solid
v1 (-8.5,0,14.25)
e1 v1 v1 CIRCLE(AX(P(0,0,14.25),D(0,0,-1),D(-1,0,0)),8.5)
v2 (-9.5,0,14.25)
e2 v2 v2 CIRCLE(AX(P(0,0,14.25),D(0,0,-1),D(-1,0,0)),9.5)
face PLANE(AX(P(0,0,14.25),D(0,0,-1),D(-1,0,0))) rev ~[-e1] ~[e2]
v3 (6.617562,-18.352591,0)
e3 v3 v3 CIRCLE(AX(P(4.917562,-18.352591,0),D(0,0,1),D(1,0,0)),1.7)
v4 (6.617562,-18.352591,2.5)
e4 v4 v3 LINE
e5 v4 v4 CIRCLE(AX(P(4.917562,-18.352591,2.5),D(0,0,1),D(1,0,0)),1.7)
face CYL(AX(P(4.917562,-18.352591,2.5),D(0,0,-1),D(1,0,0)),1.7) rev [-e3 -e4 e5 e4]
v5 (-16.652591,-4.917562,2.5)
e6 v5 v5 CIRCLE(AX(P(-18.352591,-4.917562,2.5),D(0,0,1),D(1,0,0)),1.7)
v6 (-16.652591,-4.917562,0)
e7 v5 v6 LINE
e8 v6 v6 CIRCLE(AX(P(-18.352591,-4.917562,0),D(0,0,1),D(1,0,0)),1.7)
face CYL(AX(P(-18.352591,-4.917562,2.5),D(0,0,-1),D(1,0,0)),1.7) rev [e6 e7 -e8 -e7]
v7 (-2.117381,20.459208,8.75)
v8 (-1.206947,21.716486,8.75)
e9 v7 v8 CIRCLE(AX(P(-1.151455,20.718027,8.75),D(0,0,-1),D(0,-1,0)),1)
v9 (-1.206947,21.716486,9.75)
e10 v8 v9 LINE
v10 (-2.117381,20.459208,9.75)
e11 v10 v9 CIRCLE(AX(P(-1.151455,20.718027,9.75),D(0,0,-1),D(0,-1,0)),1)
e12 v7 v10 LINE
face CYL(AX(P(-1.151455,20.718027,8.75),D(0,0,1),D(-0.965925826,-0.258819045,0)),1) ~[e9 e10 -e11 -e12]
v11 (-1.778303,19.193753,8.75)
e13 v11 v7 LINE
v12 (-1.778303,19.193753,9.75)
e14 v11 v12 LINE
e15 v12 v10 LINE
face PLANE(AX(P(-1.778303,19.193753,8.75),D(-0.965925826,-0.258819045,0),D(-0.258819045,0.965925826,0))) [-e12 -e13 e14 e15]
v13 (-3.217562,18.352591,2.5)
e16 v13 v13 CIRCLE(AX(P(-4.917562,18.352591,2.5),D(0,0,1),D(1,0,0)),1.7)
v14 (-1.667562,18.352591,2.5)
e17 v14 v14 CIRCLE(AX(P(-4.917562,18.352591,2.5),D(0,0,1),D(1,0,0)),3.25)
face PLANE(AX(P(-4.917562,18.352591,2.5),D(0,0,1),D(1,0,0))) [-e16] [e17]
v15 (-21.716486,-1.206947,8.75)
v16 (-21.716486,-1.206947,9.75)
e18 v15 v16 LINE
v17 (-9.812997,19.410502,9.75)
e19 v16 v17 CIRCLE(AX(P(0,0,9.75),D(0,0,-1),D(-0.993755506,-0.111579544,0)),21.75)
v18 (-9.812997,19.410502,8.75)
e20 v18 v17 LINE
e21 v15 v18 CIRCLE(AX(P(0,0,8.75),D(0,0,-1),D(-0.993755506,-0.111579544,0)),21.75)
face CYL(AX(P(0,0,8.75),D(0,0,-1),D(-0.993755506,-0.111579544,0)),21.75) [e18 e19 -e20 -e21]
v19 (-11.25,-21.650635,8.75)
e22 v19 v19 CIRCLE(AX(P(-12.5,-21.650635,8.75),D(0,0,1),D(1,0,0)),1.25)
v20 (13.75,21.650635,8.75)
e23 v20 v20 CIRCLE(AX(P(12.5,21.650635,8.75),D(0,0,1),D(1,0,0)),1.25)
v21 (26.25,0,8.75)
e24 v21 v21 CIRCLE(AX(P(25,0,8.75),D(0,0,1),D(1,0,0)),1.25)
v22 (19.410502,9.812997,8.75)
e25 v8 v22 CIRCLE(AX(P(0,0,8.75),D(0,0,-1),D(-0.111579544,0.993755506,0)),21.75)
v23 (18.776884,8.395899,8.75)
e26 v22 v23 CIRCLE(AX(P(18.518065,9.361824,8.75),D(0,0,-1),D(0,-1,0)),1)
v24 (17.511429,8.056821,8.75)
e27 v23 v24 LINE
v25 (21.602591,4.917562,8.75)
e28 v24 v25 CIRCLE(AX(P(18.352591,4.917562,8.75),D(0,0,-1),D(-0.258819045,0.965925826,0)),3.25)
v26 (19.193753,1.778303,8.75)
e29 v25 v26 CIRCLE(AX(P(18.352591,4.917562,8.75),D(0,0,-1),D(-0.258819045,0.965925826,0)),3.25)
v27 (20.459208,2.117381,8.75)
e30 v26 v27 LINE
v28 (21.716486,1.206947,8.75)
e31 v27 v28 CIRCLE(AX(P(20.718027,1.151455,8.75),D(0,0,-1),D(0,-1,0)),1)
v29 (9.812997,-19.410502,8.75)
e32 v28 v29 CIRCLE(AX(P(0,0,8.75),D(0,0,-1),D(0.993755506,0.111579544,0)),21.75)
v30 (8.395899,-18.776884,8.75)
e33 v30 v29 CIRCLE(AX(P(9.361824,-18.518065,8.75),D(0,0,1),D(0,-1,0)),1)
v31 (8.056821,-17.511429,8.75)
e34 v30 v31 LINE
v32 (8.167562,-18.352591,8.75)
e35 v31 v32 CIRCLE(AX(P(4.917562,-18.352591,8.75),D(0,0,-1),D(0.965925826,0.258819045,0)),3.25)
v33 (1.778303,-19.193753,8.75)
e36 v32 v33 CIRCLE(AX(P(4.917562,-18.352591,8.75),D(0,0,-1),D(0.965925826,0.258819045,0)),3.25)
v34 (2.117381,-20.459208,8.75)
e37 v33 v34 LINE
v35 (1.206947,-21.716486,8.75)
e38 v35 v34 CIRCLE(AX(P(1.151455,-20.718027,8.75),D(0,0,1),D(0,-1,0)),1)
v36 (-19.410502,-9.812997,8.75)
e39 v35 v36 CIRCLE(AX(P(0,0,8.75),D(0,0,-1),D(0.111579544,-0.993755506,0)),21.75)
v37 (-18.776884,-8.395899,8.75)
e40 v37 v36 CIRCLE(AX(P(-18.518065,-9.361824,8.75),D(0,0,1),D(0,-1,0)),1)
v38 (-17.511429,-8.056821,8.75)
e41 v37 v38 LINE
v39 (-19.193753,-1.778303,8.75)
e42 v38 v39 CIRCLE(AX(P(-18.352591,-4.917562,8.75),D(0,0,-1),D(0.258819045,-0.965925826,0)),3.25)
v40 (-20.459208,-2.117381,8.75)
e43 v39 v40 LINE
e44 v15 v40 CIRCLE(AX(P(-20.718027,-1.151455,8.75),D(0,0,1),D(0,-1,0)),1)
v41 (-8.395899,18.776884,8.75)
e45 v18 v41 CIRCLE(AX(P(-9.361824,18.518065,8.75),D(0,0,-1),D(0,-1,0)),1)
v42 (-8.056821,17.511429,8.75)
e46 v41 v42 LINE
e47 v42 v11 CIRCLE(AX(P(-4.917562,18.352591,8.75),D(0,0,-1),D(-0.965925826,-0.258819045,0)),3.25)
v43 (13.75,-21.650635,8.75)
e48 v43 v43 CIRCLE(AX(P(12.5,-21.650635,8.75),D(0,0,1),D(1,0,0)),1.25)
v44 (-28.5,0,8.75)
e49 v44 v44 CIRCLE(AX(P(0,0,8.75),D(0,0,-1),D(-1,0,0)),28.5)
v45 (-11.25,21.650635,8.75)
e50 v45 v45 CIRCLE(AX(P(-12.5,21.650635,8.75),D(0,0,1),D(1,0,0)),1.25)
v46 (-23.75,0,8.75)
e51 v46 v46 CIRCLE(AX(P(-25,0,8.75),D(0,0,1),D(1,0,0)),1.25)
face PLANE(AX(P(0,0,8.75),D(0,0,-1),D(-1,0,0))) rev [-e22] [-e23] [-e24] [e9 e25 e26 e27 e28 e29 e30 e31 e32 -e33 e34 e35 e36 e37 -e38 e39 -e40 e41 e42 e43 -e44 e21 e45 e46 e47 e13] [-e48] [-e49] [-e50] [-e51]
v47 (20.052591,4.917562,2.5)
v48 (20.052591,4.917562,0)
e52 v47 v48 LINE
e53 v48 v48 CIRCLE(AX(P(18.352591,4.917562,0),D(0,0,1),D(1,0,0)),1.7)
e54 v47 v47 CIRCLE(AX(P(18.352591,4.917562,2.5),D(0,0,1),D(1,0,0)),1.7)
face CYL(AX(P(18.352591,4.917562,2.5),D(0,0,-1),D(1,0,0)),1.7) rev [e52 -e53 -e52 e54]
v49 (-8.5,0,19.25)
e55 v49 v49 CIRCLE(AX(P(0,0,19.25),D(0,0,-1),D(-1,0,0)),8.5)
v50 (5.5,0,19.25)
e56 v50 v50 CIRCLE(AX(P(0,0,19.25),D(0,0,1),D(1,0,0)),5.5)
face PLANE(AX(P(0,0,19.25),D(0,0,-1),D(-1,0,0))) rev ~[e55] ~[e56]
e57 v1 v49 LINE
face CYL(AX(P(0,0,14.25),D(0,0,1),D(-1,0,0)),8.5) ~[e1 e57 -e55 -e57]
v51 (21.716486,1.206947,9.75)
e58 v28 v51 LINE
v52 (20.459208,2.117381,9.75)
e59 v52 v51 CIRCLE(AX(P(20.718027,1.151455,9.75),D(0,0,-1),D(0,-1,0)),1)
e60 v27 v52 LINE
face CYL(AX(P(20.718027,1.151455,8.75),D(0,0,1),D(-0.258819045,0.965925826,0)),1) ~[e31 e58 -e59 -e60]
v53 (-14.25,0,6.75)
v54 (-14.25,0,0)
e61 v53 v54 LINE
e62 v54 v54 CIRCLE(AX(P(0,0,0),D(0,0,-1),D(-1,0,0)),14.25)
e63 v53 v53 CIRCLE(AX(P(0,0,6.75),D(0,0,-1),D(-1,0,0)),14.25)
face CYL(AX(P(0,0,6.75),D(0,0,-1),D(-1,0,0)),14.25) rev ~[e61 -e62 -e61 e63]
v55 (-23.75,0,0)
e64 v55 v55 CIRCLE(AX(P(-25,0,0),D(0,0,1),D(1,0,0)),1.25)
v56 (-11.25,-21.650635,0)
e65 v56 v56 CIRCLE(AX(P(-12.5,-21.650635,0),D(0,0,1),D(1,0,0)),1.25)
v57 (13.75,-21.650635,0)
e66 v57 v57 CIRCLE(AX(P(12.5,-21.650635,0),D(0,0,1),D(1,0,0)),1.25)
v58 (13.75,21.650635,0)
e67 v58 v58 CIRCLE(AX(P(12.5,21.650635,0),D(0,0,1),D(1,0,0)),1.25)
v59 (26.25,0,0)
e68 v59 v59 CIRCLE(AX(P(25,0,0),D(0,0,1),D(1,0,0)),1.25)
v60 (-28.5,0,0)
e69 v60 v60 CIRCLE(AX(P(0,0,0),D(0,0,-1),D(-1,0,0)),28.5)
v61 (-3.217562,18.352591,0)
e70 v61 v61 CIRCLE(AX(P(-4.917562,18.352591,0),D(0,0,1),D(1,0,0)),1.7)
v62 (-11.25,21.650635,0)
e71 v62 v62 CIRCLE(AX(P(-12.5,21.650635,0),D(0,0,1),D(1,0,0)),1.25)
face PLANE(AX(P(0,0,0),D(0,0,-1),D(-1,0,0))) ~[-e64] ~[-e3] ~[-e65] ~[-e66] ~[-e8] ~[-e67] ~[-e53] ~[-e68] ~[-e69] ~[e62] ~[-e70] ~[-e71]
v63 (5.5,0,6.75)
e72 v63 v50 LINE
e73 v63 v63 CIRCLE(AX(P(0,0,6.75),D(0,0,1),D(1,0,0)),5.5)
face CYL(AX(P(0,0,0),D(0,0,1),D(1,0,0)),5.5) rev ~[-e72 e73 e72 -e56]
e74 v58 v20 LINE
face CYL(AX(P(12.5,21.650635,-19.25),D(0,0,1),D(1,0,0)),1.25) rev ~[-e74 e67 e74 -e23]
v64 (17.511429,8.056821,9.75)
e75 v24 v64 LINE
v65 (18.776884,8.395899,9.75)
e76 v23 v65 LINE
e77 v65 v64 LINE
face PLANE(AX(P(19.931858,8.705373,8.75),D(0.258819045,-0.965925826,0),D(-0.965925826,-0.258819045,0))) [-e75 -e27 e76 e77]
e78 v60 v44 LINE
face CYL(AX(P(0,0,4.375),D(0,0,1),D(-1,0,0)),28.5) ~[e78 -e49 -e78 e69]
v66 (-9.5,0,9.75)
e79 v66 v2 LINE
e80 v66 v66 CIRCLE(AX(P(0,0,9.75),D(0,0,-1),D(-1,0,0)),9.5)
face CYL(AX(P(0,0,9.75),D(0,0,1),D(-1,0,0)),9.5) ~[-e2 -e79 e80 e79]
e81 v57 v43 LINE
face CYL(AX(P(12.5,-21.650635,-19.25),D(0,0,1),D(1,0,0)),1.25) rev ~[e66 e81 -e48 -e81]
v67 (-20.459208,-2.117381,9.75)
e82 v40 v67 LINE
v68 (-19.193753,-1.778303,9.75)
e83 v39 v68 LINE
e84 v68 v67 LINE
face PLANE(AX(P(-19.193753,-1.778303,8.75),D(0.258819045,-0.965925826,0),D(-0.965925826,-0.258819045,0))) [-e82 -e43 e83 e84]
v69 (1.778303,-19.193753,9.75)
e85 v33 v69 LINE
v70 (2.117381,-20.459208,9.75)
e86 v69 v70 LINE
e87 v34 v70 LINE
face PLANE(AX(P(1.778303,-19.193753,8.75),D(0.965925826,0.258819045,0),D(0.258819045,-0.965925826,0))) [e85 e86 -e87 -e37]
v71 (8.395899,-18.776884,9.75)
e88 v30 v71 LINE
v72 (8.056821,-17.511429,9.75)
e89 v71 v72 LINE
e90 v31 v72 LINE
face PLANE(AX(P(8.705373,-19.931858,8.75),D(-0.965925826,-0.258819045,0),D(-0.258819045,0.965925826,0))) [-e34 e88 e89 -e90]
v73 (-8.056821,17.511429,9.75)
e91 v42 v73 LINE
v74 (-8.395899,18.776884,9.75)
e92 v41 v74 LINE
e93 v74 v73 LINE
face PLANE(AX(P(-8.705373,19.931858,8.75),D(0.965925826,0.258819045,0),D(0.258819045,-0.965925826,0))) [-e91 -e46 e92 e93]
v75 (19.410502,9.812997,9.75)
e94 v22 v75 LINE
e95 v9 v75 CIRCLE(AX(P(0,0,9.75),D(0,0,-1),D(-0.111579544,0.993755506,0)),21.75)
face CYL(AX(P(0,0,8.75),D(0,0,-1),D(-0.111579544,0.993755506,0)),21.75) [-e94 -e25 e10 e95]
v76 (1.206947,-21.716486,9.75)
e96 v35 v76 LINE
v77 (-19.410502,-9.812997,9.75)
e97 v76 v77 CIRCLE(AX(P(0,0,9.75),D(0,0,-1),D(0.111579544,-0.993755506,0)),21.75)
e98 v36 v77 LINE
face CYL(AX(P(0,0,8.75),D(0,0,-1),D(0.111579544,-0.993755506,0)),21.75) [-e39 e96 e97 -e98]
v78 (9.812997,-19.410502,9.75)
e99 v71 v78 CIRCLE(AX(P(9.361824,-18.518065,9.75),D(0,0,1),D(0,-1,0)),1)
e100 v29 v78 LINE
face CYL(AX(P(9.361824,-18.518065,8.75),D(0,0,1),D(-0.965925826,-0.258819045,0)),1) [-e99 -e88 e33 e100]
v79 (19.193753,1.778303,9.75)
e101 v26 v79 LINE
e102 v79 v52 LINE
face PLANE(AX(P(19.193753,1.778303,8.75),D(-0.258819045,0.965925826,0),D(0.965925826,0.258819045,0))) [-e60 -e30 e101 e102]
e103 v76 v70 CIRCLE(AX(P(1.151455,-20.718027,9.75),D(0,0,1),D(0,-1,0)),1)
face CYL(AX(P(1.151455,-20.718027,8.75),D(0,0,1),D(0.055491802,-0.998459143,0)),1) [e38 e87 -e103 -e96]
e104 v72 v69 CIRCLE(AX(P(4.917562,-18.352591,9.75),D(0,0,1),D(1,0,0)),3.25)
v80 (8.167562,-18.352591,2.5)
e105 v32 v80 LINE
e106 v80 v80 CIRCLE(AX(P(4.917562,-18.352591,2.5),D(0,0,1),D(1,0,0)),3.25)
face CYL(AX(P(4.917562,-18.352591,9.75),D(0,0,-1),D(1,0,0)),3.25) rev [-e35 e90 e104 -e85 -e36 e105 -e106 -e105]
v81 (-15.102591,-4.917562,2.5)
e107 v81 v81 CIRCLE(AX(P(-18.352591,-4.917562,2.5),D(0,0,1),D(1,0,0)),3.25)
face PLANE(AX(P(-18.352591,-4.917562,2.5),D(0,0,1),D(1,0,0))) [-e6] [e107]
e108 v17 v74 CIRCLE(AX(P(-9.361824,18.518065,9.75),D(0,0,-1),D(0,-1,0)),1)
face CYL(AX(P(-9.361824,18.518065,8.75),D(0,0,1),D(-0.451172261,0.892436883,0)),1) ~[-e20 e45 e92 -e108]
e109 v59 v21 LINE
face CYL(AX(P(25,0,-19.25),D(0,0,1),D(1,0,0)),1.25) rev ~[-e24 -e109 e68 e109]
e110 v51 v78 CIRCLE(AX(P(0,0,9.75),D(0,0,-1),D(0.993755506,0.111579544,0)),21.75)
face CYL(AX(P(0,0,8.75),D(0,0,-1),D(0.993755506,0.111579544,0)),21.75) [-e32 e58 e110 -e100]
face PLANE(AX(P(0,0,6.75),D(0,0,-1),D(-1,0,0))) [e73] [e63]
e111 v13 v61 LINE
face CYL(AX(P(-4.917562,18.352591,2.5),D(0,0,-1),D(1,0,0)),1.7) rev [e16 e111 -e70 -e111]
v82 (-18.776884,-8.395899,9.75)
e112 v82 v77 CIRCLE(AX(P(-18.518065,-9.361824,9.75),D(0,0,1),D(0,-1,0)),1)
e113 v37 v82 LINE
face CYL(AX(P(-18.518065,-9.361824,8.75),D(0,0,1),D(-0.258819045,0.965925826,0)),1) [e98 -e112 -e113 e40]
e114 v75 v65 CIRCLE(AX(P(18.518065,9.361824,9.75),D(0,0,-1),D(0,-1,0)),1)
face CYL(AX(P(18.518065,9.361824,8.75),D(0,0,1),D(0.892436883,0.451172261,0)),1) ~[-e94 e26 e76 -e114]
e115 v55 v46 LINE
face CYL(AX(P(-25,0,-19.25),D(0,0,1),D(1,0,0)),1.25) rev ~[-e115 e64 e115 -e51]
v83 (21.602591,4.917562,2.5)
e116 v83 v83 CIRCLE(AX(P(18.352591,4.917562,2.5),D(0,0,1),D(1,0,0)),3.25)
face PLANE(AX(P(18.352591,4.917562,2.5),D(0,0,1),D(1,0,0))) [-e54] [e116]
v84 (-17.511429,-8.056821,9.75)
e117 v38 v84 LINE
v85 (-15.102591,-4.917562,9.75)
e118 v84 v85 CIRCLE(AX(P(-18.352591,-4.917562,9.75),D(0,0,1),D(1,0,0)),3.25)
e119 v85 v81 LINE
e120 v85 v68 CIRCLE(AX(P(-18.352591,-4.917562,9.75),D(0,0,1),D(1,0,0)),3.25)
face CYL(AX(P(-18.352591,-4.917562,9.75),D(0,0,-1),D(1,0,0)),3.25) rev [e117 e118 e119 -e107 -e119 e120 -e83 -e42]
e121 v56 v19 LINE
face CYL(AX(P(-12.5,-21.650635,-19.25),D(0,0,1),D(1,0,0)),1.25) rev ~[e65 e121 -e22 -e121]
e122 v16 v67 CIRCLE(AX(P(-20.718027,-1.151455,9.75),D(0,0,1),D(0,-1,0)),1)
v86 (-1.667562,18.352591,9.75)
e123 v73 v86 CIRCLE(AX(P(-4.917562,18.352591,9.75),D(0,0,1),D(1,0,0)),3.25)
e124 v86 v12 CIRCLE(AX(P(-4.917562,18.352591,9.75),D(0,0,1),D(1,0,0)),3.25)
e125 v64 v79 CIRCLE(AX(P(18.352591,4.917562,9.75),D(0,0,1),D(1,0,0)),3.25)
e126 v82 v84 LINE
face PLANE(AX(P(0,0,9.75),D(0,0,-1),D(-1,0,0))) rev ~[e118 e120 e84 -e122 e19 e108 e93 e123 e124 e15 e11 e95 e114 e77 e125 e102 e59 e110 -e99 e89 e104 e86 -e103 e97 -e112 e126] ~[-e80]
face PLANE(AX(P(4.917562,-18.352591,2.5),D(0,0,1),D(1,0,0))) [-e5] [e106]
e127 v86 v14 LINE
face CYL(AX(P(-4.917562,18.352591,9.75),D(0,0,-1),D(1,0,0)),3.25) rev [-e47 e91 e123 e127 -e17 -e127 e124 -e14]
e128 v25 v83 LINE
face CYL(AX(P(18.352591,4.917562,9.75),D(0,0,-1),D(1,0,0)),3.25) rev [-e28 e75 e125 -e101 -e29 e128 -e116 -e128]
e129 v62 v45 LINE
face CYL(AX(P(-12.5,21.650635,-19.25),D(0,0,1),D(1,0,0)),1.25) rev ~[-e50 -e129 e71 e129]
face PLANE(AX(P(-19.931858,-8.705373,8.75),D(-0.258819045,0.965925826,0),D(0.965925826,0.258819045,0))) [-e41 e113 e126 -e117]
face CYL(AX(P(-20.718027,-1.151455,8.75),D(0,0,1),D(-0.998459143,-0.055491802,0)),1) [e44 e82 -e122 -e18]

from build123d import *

# Parameters (mm, degrees)
SKETCH_1_W                    = 28.5
SKETCH_1_H                    = 8.75
EXTRUDE_1_DEPTH               = 1
HOLE_WIZARD_M10_1_D           = 11
HOLE_WIZARD_M10_1_CBORE_D     = 28.5
HOLE_WIZARD_M10_1_CBORE_DEPTH = 6.75
HOLE_WIZARD_2_5_2_5_1_D       = 2.5
HOLE_WIZARD_2_5_2_5_1_DEPTH   = 19.25
FILLET_1_R                    = 1


with BuildPart() as part:
    # 草图1 → 旋转1 (revolve)
    with BuildSketch(Plane.XZ, mode=Mode.PRIVATE) as revolve_1_sk:
        with Locations((14.25, 4.375)):
            Rectangle(SKETCH_1_W, SKETCH_1_H)
    revolve(revolve_1_sk.sketch.rotate(Axis((0, 0, 8.75), (0, 0, -1)), 180), axis=Axis((0, 0, 8.75), (0, 0, -1)))

    # 草图2 → 凸台-拉伸1 (add)
    with BuildSketch(Plane.XY.offset(8.75)):
        with BuildLine():
            Line((-8.705372964, 19.931858457), (-8.056820792, 17.511428803))
            ThreePointArc((-8.056820792, 17.511428803), (-5.758723754, 21.491849635), (-1.778302922, 19.193752596))
            Line((-1.778302922, 19.193752596), (-2.426855093, 21.614182251))
            ThreePointArc((-2.426855093, 21.614182251), (10.875, 18.836052532), (19.931858457, 8.705372964))
            Line((19.931858457, 8.705372964), (17.511428803, 8.056820792))
            ThreePointArc((17.511428803, 8.056820792), (21.491849635, 5.758723754), (19.193752596, 1.778302922))
            Line((19.193752596, 1.778302922), (21.614182251, 2.426855093))
            ThreePointArc((21.614182251, 2.426855093), (18.836052532, -10.875), (8.705372964, -19.931858457))
            Line((8.705372964, -19.931858457), (8.056820792, -17.511428803))
            ThreePointArc((8.056820792, -17.511428803), (5.758723754, -21.491849635), (1.778302922, -19.193752596))
            Line((1.778302922, -19.193752596), (2.426855093, -21.614182251))
            ThreePointArc((2.426855093, -21.614182251), (-10.875, -18.836052532), (-19.931858457, -8.705372964))
            Line((-19.931858457, -8.705372964), (-17.511428803, -8.056820792))
            ThreePointArc((-17.511428803, -8.056820792), (-21.491849635, -5.758723754), (-19.193752596, -1.778302922))
            Line((-19.193752596, -1.778302922), (-21.614182251, -2.426855093))
            ThreePointArc((-21.614182251, -2.426855093), (-18.836052532, 10.875), (-8.705372964, 19.931858457))
        make_face()
    extrude(amount=EXTRUDE_1_DEPTH)

    # 草图3 → 旋转2 (revolve)
    with BuildSketch(Plane.XZ, mode=Mode.PRIVATE) as revolve_2_sk:
        Polygon((8.5, 19.25), (0, 19.25), (0, 9.75), (9.5, 9.75), (9.5, 14.25), (8.5, 14.25), align=None)
    revolve(revolve_2_sk.sketch.rotate(Axis((0, 0, 19.25), (0, 0, -1)), 180), axis=Axis((0, 0, 19.25), (0, 0, -1)))

    # 草图4 → 切除-旋转1 (revolve, cut)
    with BuildSketch(Plane(origin=(0, -18.352590699, 0), x_dir=(1, 0, 0), z_dir=(0, 1, 0))):
        Polygon((6.617561857, 0), (4.917561857, 0), (4.917561857, -9.75), (8.167561857, -9.75), (8.167561857, -2.5), (6.617561857, -2.5), align=None)
    revolve(axis=Axis((4.917561857, -18.352590699, 0), (0, 0, 1)), mode=Mode.SUBTRACT)

    # 草图5 → 切除-旋转2 (revolve, cut)
    with BuildSketch(Plane(origin=(0, -4.917561857, 0), x_dir=(1, 0, 0), z_dir=(0, 1, 0))):
        Polygon((-16.652590699, 0), (-18.352590699, 0), (-18.352590699, -9.75), (-15.102590699, -9.75), (-15.102590699, -2.5), (-16.652590699, -2.5), align=None)
    revolve(axis=Axis((-18.352590699, -4.917561857, 0), (0, 0, 1)), mode=Mode.SUBTRACT)

    # 草图6 → 切除-旋转3 (revolve, cut)
    with BuildSketch(Plane(origin=(0, 18.352590699, 0), x_dir=(1, 0, 0), z_dir=(0, 1, 0))):
        Polygon((-3.217561857, 0), (-4.917561857, 0), (-4.917561857, -9.75), (-1.667561857, -9.75), (-1.667561857, -2.5), (-3.217561857, -2.5), align=None)
    revolve(axis=Axis((-4.917561857, 18.352590699, 0), (0, 0, 1)), mode=Mode.SUBTRACT)

    # 草图7 → 切除-旋转4 (revolve, cut)
    with BuildSketch(Plane(origin=(0, 4.917561857, 0), x_dir=(1, 0, 0), z_dir=(0, 1, 0))):
        Polygon((20.052590699, 0), (18.352590699, 0), (18.352590699, -9.75), (21.602590699, -9.75), (21.602590699, -2.5), (20.052590699, -2.5), align=None)
    revolve(axis=Axis((18.352590699, 4.917561857, 0), (0, 0, 1)), mode=Mode.SUBTRACT)

    # M10 六角头螺栓的柱形沉头孔1 (through all)
    with Locations(Plane(origin=(0, 0, 0), x_dir=(-1, 0, 0), z_dir=(0, 0, -1))):
        with Locations((0, 0)):
            CounterBoreHole(HOLE_WIZARD_M10_1_D / 2, HOLE_WIZARD_M10_1_CBORE_D / 2, HOLE_WIZARD_M10_1_CBORE_DEPTH)

    # Ø2.5 (2.5) 直径孔1
    with Locations(Plane(origin=(0, 0, 0), x_dir=(-1, 0, 0), z_dir=(0, 0, -1))):
        with Locations((-25, 0), (-12.5, 21.650635095), (12.5, 21.650635095), (25, 0), (12.5, -21.650635095), (-12.5, -21.650635095)):
            Hole(HOLE_WIZARD_2_5_2_5_1_D / 2, depth=HOLE_WIZARD_2_5_2_5_1_DEPTH)

    # 圆角1
    fillet_1_edges = [part.edges().sort_by_distance(p)[0] for p in [
        (-8.705372964, 19.931858457, 9.25),
        (-21.614182251, -2.426855093, 9.25),
        (-19.931858457, -8.705372964, 9.25),
        (2.426855093, -21.614182251, 9.25),
        (8.705372964, -19.931858457, 9.25),
        (21.614182251, 2.426855093, 9.25),
        (19.931858457, 8.705372964, 9.25),
        (-2.426855093, 21.614182251, 9.25),
    ]]
    fillet(fillet_1_edges, radius=FILLET_1_R)


solid = part.part
